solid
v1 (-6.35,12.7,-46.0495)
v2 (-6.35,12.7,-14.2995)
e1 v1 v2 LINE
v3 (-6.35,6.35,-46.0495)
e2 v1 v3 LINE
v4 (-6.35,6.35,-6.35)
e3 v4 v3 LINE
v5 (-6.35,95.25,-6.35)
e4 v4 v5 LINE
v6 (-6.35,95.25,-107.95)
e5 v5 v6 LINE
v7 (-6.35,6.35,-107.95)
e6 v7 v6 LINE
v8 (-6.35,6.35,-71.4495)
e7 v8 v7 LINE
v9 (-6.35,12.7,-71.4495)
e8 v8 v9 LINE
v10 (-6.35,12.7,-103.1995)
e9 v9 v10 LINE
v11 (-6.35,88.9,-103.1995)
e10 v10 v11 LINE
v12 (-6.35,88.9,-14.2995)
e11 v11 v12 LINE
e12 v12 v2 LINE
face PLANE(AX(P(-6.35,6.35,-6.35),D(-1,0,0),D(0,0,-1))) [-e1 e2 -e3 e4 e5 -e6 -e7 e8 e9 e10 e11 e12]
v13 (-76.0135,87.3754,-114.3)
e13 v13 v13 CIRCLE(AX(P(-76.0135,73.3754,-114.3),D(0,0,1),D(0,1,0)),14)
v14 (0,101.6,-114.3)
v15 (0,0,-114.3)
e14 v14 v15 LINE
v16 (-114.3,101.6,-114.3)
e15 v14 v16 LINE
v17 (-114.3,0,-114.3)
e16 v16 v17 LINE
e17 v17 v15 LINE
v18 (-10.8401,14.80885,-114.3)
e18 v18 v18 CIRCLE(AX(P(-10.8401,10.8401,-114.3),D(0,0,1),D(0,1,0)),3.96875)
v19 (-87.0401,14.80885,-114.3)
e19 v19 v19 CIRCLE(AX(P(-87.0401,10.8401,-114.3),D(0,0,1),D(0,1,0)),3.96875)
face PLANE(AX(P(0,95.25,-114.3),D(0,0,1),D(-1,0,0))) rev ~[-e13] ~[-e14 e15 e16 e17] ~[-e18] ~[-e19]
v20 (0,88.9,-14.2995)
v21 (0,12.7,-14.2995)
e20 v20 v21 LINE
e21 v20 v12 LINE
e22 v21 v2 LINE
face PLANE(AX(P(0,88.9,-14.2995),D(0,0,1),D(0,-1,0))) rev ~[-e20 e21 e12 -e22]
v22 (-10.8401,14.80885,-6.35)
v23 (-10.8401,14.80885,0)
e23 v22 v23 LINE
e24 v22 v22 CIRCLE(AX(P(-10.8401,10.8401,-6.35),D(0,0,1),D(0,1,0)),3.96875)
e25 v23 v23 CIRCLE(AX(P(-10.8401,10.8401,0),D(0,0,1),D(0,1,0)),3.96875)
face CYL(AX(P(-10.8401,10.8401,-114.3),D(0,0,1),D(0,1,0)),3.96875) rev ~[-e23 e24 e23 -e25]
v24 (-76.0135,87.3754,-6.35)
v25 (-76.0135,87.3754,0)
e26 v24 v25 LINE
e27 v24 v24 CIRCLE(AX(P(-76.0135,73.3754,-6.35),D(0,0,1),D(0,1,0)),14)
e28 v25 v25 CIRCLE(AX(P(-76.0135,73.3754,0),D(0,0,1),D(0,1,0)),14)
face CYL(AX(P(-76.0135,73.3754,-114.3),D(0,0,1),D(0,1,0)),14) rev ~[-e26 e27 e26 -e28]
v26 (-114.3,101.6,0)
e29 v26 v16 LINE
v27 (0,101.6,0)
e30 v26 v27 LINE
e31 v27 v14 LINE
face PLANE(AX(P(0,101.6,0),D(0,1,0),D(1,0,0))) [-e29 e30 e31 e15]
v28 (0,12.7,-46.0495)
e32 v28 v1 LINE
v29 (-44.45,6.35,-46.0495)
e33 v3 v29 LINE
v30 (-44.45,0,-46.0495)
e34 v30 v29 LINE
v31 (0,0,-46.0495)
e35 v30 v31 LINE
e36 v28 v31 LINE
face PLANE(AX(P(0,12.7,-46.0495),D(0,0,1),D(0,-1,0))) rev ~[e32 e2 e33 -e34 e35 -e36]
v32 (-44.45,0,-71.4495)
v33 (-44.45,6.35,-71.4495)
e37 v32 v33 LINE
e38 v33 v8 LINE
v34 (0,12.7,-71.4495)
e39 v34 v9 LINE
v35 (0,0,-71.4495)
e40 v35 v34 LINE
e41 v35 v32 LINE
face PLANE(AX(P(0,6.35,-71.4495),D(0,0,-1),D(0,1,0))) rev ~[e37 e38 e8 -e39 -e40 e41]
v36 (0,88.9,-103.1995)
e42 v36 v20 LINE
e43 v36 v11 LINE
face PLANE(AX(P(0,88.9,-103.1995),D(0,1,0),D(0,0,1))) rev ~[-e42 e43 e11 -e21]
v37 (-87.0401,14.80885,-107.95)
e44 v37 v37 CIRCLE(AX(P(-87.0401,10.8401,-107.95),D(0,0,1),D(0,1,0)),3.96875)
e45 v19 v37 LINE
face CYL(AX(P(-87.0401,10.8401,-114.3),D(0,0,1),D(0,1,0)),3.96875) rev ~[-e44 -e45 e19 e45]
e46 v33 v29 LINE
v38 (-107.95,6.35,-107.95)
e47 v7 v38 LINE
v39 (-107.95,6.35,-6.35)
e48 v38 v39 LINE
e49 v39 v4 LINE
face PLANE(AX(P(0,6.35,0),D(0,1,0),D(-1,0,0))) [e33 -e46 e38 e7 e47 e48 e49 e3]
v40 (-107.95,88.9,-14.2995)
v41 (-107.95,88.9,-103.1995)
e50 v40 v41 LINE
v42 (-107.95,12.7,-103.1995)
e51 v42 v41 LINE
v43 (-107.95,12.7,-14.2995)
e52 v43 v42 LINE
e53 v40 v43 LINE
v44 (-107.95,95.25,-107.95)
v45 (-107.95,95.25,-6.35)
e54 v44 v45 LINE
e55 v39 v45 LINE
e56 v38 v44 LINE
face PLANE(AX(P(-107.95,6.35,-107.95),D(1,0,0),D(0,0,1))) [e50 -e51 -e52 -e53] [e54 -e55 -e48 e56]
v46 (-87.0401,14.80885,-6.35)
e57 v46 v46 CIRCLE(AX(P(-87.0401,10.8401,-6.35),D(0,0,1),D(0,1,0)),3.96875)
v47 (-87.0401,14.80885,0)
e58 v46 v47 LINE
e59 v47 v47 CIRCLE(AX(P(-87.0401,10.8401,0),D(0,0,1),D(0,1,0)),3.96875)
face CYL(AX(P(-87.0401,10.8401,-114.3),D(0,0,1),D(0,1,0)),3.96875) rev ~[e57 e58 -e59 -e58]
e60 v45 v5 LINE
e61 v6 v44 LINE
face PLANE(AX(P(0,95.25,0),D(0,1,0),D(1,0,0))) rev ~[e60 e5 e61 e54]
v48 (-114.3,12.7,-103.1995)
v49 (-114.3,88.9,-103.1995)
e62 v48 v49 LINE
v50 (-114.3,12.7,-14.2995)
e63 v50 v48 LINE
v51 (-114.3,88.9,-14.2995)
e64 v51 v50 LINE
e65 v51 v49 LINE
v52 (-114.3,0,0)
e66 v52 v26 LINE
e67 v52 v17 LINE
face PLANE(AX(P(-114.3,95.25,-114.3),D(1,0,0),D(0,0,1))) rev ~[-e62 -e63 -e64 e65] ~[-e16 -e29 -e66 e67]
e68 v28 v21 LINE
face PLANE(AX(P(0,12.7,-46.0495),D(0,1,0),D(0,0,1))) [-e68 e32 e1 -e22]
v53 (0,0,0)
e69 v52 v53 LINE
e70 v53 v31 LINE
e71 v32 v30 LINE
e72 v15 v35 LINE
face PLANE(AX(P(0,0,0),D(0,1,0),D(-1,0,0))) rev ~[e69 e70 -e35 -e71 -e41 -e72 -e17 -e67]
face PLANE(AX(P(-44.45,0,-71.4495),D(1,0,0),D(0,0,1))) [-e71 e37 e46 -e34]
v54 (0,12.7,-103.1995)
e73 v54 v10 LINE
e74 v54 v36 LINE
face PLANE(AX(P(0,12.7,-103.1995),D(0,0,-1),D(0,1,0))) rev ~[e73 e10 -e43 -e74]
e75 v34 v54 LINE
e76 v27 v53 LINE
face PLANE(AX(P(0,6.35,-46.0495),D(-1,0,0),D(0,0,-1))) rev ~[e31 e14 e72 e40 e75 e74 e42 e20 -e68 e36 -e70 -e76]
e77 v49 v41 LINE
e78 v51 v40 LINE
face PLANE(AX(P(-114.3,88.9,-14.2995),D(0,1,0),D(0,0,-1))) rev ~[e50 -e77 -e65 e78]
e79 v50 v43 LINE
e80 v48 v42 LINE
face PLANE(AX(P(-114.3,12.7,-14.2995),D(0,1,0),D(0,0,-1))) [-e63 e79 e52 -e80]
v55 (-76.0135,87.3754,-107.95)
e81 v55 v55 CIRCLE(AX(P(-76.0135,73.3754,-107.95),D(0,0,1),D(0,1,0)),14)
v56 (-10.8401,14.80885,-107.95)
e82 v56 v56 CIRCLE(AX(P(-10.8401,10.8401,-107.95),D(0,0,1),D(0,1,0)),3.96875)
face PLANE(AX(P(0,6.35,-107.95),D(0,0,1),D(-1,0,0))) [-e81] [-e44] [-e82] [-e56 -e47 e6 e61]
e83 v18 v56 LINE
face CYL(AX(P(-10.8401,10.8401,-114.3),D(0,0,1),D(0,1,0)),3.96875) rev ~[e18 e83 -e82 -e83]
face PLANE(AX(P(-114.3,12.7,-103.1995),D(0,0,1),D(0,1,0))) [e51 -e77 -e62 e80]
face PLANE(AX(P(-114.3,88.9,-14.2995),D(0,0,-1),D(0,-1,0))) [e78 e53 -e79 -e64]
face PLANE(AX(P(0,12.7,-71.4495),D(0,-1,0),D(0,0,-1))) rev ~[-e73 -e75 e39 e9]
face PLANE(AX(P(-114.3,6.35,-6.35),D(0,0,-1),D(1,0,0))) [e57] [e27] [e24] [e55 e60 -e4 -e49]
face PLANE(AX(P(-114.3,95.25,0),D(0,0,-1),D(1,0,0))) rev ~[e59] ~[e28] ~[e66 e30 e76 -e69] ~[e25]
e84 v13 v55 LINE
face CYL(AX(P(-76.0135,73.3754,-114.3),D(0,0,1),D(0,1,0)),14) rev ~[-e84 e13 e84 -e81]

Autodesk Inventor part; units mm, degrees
ref_plane "YZ Plane" through (0, 0, 0) normal (1, 0, 0) x (0, 1, 0)
ref_plane "XZ Plane" through (0, 0, 0) normal (0, 1, 0) x (-1, 0, 0)
ref_plane "XY Plane" through (0, 0, 0) normal (0, 0, 1) x (1, 0, 0)
sketch "Sketch1" plane through (0, 0, 0) normal (0, 1, 0) x (-1, 0, 0)
  line L0 (114.3, 0) -> (114.3, -114.3)
  line L1 (114.3, -114.3) -> (0, -114.3)
  line L2 (25.4, -71.4495) -> (0, -71.4495)
  line L3 (25.4, -46.0495) -> (0, -46.0495)
  line L4 (0, -114.3) -> (0, -71.4495)
  line L5 (114.3, 0) -> (0, 0)
  line L6 (0, 0) -> (0, -46.0495)
  line L7 (25.4, -71.4495) -> (44.45, -71.4495)
  line L8 (44.45, -71.4495) -> (44.45, -46.0495)
  line L9 (44.45, -46.0495) -> (25.4, -46.0495)
extrude "Extrusion1" add sketch "Sketch1" along normal blind 6.35
sketch "Sketch2" plane through (0, 6.35, 0) normal (0, 1, 0) x (1, 0, 0)
  line L0 (-114.3, 0) -> (0, 0) projected
  line L1 (-114.3, 0) -> (-114.3, 6.35)
  line L2 (-114.3, 114.3) -> (-114.3, 0) projected
  line L3 (-114.3, 6.35) -> (0, 6.35)
  line L4 (0, 0) -> (0, 46.0495) projected
  line L5 (0, 0) -> (-114.3, 0)
  line L6 (0, 114.3) -> (-114.3, 114.3) projected
  line L7 (0, 114.3) -> (0, 107.95)
  line L8 (0, 114.3) -> (0, 71.4495) projected
  line L9 (0, 107.95) -> (-114.3, 107.95)
  line L10 (-114.3, 114.3) -> (0, 114.3)
extrude "Extrusion2" add sketch "Sketch2" along normal blind 88.9
sketch "Sketch3" plane through (0, 95.25, 0) normal (0, 1, 0) x (1, 0, 0)
  line L0 (-114.3, 6.35) -> (-114.3, 0) projected
  line L1 (0, 114.3) -> (-114.3, 114.3) projected
  line L2 (-114.3, 0) -> (0, 0)
  line L3 (0, 0) -> (0, 114.3)
  line L4 (0, 114.3) -> (-114.3, 114.3)
  line L5 (-114.3, 114.3) -> (-114.3, 0)
  point P0 (0, 0)
extrude "Extrusion3" add sketch "Sketch3" along normal blind 6.35
sketch "Sketch4" plane through (0, 6.35, 0) normal (0, 1, 0) x (1, 0, 0)
  line L0 (0, 6.35) -> (0, 46.0495) projected
  line L1 (0, 107.95) -> (-114.3, 107.95) projected
  line L2 (0, 6.35) -> (0, 107.95)
  line L3 (0, 6.35) -> (-6.35, 6.35)
  line L4 (-114.3, 6.35) -> (0, 6.35) projected
  line L5 (-6.35, 6.35) -> (-6.35, 107.95)
  line L6 (0, 71.4495) -> (0, 107.95) projected
  line L7 (0, 107.95) -> (-6.35, 107.95)
  point P0 (0, 0)
  dimension "d13" = 6.35
extrude "Extrusion4" add sketch "Sketch4" along normal blind 88.9
sketch "Sketch5" plane through (0, 0, 0) normal (1, 0, 0) x (0, 0, -1)
  line L0 (46.0495, 6.35) -> (71.4495, 6.35) projected
  line L1 (46.0495, 6.35) -> (71.4495, 6.35)
  line L2 (71.4495, 6.35) -> (71.4495, 12.7)
  line L3 (46.0495, 12.7) -> (46.0495, 6.35)
  line L4 (46.0495, 12.7) -> (14.2995, 12.7)
  line L5 (71.4495, 12.7) -> (103.1995, 12.7)
  line L6 (103.1995, 12.7) -> (103.1995, 88.9)
  line L7 (107.95, 95.25) -> (6.35, 95.25) projected
  line L8 (103.1995, 88.9) -> (14.2995, 88.9)
  line L9 (14.2995, 88.9) -> (14.2995, 12.7)
  point P0 (0, 0)
extrude "Extrusion5" cut sketch "Sketch5" against normal blind 6.35
sketch "Sketch6" plane through (0, 6.35, 0) normal (0, 1, 0) x (1, 0, 0)
  line L0 (-114.3, 107.95) -> (-114.3, 6.35) projected
  line L1 (-114.3, 6.35) -> (-114.3, 107.95)
  line L2 (-114.3, 107.95) -> (-107.95, 107.95)
  line L3 (-107.95, 107.95) -> (-107.95, 6.35)
  line L4 (-107.95, 6.35) -> (-114.3, 6.35)
  point P0 (0, 0)
extrude "Extrusion6" add sketch "Sketch6" along normal blind 88.9
sketch "Sketch7" plane through (-114.3, 0, -114.3) normal (-1, 0, 0) x (0, 0, 1)
  line L0 (100.0005, 88.9) -> (11.1005, 88.9) projected
  line L1 (100.0005, 88.9) -> (100.0005, 12.7) projected
  line L2 (11.1005, 88.9) -> (100.0005, 88.9)
  line L3 (100.0005, 88.9) -> (100.0005, 12.7)
  line L4 (100.0005, 12.7) -> (11.1005, 12.7)
  line L5 (11.1005, 12.7) -> (11.1005, 88.9)
  point P0 (114.3, 0)
extrude "Extrusion7" cut sketch "Sketch7" against normal blind 6.35
sketch "Sketch8" plane through (0, 0, -114.3) normal (0, 0, -1) x (-1, 0, 0)
  line L0 (114.3, 0) -> (0, 0) projected
  line L1 (6.35, 6.35) -> (107.95, 6.35) projected
  circle A0 centre (10.8401, 10.8401) radius 4.4901
hole "Hole1" at (-10.8401, 10.8401, -114.3) direction (0, 0, 1) diameter 7.9375 end through all
sketch "Sketch9" plane through (0, 0, -114.3) normal (0, 0, -1) x (-1, 0, 0)
  circle A0 centre (10.8401, 10.8401) radius 3.9687 projected
  circle A1 centre (87.0401, 10.8401) radius 3.9688
  point P0 (0, 0)
hole "Hole2" at (-87.0401, 10.8401, -114.3) direction (0, 0, 1) diameter 7.9375 end through all
sketch "Sketch10" plane through (0, 0, -114.3) normal (0, 0, -1) x (-1, 0, 0)
  circle A0 centre (87.0401, 10.8401) radius 3.9687 projected
  line L0 (87.0401, 10.8401) -> (150.5401, 10.8401) construction
  circle A1 centre (76.0135, 73.3754) radius 14
  point P0 (0, 0)
hole "Hole3" at (-76.0135, 73.3754, -114.3) direction (0, 0, 1) diameter 28 end through all
sketch "Sketch11" plane through (0, 101.6, 0) normal (0, 1, 0) x (1, 0, 0)
  point P0 (0, 0)
properties part number "Chasis_rework"
